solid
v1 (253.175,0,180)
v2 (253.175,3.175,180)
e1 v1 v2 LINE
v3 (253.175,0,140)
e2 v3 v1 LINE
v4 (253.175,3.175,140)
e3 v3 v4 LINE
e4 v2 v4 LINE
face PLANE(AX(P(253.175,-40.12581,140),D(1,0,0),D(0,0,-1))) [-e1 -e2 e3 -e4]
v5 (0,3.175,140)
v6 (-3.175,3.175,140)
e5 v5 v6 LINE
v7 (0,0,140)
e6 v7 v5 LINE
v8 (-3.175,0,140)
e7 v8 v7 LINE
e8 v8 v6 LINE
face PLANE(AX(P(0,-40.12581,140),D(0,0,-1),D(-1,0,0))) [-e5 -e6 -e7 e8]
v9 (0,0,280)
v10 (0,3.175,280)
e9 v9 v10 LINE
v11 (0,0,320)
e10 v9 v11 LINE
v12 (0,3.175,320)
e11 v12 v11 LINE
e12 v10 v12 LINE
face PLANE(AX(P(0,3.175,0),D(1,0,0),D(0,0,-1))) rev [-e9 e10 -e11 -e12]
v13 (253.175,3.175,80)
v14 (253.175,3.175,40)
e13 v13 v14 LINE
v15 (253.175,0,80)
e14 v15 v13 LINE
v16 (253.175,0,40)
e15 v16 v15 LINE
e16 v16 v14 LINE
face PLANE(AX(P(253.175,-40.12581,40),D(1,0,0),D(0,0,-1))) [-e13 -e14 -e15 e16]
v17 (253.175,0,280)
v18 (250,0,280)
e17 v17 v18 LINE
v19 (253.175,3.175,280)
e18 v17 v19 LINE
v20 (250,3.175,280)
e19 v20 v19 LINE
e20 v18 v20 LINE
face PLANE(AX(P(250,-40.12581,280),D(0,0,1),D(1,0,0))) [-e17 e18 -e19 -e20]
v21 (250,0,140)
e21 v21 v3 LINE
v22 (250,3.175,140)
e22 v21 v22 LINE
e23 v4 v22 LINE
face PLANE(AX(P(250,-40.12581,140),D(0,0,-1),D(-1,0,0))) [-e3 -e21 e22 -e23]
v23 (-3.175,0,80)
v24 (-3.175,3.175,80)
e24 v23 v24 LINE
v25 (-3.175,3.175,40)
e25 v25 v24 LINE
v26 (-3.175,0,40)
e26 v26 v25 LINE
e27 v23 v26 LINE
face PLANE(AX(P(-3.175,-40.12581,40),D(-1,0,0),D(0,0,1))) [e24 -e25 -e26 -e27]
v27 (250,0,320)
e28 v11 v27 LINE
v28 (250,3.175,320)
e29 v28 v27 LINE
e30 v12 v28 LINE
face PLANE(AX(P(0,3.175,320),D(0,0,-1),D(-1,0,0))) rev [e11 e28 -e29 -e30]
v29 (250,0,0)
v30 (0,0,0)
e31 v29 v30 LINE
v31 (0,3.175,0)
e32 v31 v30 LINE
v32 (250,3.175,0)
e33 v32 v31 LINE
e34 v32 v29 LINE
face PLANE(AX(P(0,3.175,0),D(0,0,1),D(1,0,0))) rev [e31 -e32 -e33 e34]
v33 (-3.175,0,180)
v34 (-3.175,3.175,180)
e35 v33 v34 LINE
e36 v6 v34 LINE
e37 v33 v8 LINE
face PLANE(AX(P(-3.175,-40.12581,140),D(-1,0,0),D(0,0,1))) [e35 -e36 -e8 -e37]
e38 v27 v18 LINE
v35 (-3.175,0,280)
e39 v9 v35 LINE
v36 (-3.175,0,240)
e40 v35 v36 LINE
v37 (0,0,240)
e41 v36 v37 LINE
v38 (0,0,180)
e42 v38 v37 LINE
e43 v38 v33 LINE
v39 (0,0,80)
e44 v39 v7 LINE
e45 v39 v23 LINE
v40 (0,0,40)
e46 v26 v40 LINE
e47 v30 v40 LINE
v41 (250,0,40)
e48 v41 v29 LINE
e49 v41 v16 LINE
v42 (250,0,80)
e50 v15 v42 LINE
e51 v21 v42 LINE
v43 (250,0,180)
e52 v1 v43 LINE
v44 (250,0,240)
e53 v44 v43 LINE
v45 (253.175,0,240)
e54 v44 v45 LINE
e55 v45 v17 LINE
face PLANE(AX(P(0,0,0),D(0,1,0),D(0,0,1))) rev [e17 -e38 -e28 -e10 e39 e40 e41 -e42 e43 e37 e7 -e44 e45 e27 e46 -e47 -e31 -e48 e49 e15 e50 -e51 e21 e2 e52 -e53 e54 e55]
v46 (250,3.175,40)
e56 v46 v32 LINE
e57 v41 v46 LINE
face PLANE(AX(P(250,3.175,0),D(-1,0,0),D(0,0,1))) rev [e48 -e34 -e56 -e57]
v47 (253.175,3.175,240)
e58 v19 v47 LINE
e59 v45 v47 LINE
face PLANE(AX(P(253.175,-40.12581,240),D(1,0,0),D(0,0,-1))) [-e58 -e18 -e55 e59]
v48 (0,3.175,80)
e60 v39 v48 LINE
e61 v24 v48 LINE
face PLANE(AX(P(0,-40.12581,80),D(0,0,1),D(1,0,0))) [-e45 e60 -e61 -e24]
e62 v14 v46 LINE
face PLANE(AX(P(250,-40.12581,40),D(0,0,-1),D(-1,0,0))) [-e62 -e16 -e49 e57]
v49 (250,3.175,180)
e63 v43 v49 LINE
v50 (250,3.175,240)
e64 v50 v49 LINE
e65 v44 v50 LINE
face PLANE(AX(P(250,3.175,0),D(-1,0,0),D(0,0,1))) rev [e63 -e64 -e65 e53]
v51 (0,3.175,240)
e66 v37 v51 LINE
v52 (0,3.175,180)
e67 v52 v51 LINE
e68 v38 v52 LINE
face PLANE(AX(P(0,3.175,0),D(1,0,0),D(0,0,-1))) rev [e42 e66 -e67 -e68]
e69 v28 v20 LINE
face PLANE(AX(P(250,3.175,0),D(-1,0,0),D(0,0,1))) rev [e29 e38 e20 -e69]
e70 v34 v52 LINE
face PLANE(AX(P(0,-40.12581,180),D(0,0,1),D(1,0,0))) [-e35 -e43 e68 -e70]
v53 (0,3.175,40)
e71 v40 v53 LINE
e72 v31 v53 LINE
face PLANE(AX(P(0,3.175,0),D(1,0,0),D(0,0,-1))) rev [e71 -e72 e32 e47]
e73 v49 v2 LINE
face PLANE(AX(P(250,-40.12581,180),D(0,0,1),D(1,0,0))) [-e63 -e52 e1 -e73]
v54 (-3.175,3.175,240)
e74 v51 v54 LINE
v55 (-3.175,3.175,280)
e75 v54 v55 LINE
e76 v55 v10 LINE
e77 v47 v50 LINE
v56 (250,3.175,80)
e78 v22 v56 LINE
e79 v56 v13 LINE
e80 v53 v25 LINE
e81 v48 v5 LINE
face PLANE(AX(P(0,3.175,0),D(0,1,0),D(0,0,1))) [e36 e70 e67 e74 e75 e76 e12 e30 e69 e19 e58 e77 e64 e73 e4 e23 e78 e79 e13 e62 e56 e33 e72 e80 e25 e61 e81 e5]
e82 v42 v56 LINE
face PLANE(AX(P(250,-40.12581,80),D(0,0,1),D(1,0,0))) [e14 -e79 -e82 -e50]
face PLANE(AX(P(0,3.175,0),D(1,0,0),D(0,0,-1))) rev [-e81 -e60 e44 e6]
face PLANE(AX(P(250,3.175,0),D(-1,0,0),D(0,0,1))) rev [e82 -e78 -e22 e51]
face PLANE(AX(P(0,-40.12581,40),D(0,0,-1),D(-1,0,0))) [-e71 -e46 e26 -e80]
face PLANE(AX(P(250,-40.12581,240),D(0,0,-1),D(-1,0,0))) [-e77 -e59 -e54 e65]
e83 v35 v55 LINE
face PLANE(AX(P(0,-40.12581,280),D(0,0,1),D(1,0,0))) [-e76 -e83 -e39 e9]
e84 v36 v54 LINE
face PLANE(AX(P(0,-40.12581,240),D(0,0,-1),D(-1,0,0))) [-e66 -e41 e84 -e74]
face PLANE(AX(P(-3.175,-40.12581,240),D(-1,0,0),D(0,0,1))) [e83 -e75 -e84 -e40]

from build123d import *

# Parameters (mm, degrees)
SKETCH1_W           = 250
SKETCH1_H           = 320
BOSS_EXTRUDE1_DEPTH = 3.175
SKETCH2_W           = 3.175
SKETCH2_H           = 40
BOSS_EXTRUDE2_DEPTH = 3.175


with BuildPart() as part:
    # Sketch1 → Boss-Extrude1 (new body)
    with BuildSketch(Plane(origin=(0, 0, 0), x_dir=(1, 0, 0), z_dir=(0, 1, 0))):
        with Locations((125, -160)):
            Rectangle(SKETCH1_W, SKETCH1_H)
    extrude(amount=BOSS_EXTRUDE1_DEPTH)

    # Sketch2 → Boss-Extrude2 (add)
    with BuildSketch(Plane(origin=(0, 3.175, 0), x_dir=(1, 0, 0), z_dir=(0, 1, 0))):
        with Locations((-1.5875, -60)):
            Rectangle(SKETCH2_W, SKETCH2_H)
        with Locations((251.5875, -60)):
            Rectangle(SKETCH2_W, SKETCH2_H)
        with Locations((251.5875, -160)):
            Rectangle(SKETCH2_W, SKETCH2_H)
        with Locations((-1.5875, -160)):
            Rectangle(SKETCH2_W, SKETCH2_H)
        with Locations((251.5875, -260)):
            Rectangle(SKETCH2_W, SKETCH2_H)
        with Locations((-1.5875, -260)):
            Rectangle(SKETCH2_W, SKETCH2_H)
    extrude(amount=-BOSS_EXTRUDE2_DEPTH)


solid = part.part
